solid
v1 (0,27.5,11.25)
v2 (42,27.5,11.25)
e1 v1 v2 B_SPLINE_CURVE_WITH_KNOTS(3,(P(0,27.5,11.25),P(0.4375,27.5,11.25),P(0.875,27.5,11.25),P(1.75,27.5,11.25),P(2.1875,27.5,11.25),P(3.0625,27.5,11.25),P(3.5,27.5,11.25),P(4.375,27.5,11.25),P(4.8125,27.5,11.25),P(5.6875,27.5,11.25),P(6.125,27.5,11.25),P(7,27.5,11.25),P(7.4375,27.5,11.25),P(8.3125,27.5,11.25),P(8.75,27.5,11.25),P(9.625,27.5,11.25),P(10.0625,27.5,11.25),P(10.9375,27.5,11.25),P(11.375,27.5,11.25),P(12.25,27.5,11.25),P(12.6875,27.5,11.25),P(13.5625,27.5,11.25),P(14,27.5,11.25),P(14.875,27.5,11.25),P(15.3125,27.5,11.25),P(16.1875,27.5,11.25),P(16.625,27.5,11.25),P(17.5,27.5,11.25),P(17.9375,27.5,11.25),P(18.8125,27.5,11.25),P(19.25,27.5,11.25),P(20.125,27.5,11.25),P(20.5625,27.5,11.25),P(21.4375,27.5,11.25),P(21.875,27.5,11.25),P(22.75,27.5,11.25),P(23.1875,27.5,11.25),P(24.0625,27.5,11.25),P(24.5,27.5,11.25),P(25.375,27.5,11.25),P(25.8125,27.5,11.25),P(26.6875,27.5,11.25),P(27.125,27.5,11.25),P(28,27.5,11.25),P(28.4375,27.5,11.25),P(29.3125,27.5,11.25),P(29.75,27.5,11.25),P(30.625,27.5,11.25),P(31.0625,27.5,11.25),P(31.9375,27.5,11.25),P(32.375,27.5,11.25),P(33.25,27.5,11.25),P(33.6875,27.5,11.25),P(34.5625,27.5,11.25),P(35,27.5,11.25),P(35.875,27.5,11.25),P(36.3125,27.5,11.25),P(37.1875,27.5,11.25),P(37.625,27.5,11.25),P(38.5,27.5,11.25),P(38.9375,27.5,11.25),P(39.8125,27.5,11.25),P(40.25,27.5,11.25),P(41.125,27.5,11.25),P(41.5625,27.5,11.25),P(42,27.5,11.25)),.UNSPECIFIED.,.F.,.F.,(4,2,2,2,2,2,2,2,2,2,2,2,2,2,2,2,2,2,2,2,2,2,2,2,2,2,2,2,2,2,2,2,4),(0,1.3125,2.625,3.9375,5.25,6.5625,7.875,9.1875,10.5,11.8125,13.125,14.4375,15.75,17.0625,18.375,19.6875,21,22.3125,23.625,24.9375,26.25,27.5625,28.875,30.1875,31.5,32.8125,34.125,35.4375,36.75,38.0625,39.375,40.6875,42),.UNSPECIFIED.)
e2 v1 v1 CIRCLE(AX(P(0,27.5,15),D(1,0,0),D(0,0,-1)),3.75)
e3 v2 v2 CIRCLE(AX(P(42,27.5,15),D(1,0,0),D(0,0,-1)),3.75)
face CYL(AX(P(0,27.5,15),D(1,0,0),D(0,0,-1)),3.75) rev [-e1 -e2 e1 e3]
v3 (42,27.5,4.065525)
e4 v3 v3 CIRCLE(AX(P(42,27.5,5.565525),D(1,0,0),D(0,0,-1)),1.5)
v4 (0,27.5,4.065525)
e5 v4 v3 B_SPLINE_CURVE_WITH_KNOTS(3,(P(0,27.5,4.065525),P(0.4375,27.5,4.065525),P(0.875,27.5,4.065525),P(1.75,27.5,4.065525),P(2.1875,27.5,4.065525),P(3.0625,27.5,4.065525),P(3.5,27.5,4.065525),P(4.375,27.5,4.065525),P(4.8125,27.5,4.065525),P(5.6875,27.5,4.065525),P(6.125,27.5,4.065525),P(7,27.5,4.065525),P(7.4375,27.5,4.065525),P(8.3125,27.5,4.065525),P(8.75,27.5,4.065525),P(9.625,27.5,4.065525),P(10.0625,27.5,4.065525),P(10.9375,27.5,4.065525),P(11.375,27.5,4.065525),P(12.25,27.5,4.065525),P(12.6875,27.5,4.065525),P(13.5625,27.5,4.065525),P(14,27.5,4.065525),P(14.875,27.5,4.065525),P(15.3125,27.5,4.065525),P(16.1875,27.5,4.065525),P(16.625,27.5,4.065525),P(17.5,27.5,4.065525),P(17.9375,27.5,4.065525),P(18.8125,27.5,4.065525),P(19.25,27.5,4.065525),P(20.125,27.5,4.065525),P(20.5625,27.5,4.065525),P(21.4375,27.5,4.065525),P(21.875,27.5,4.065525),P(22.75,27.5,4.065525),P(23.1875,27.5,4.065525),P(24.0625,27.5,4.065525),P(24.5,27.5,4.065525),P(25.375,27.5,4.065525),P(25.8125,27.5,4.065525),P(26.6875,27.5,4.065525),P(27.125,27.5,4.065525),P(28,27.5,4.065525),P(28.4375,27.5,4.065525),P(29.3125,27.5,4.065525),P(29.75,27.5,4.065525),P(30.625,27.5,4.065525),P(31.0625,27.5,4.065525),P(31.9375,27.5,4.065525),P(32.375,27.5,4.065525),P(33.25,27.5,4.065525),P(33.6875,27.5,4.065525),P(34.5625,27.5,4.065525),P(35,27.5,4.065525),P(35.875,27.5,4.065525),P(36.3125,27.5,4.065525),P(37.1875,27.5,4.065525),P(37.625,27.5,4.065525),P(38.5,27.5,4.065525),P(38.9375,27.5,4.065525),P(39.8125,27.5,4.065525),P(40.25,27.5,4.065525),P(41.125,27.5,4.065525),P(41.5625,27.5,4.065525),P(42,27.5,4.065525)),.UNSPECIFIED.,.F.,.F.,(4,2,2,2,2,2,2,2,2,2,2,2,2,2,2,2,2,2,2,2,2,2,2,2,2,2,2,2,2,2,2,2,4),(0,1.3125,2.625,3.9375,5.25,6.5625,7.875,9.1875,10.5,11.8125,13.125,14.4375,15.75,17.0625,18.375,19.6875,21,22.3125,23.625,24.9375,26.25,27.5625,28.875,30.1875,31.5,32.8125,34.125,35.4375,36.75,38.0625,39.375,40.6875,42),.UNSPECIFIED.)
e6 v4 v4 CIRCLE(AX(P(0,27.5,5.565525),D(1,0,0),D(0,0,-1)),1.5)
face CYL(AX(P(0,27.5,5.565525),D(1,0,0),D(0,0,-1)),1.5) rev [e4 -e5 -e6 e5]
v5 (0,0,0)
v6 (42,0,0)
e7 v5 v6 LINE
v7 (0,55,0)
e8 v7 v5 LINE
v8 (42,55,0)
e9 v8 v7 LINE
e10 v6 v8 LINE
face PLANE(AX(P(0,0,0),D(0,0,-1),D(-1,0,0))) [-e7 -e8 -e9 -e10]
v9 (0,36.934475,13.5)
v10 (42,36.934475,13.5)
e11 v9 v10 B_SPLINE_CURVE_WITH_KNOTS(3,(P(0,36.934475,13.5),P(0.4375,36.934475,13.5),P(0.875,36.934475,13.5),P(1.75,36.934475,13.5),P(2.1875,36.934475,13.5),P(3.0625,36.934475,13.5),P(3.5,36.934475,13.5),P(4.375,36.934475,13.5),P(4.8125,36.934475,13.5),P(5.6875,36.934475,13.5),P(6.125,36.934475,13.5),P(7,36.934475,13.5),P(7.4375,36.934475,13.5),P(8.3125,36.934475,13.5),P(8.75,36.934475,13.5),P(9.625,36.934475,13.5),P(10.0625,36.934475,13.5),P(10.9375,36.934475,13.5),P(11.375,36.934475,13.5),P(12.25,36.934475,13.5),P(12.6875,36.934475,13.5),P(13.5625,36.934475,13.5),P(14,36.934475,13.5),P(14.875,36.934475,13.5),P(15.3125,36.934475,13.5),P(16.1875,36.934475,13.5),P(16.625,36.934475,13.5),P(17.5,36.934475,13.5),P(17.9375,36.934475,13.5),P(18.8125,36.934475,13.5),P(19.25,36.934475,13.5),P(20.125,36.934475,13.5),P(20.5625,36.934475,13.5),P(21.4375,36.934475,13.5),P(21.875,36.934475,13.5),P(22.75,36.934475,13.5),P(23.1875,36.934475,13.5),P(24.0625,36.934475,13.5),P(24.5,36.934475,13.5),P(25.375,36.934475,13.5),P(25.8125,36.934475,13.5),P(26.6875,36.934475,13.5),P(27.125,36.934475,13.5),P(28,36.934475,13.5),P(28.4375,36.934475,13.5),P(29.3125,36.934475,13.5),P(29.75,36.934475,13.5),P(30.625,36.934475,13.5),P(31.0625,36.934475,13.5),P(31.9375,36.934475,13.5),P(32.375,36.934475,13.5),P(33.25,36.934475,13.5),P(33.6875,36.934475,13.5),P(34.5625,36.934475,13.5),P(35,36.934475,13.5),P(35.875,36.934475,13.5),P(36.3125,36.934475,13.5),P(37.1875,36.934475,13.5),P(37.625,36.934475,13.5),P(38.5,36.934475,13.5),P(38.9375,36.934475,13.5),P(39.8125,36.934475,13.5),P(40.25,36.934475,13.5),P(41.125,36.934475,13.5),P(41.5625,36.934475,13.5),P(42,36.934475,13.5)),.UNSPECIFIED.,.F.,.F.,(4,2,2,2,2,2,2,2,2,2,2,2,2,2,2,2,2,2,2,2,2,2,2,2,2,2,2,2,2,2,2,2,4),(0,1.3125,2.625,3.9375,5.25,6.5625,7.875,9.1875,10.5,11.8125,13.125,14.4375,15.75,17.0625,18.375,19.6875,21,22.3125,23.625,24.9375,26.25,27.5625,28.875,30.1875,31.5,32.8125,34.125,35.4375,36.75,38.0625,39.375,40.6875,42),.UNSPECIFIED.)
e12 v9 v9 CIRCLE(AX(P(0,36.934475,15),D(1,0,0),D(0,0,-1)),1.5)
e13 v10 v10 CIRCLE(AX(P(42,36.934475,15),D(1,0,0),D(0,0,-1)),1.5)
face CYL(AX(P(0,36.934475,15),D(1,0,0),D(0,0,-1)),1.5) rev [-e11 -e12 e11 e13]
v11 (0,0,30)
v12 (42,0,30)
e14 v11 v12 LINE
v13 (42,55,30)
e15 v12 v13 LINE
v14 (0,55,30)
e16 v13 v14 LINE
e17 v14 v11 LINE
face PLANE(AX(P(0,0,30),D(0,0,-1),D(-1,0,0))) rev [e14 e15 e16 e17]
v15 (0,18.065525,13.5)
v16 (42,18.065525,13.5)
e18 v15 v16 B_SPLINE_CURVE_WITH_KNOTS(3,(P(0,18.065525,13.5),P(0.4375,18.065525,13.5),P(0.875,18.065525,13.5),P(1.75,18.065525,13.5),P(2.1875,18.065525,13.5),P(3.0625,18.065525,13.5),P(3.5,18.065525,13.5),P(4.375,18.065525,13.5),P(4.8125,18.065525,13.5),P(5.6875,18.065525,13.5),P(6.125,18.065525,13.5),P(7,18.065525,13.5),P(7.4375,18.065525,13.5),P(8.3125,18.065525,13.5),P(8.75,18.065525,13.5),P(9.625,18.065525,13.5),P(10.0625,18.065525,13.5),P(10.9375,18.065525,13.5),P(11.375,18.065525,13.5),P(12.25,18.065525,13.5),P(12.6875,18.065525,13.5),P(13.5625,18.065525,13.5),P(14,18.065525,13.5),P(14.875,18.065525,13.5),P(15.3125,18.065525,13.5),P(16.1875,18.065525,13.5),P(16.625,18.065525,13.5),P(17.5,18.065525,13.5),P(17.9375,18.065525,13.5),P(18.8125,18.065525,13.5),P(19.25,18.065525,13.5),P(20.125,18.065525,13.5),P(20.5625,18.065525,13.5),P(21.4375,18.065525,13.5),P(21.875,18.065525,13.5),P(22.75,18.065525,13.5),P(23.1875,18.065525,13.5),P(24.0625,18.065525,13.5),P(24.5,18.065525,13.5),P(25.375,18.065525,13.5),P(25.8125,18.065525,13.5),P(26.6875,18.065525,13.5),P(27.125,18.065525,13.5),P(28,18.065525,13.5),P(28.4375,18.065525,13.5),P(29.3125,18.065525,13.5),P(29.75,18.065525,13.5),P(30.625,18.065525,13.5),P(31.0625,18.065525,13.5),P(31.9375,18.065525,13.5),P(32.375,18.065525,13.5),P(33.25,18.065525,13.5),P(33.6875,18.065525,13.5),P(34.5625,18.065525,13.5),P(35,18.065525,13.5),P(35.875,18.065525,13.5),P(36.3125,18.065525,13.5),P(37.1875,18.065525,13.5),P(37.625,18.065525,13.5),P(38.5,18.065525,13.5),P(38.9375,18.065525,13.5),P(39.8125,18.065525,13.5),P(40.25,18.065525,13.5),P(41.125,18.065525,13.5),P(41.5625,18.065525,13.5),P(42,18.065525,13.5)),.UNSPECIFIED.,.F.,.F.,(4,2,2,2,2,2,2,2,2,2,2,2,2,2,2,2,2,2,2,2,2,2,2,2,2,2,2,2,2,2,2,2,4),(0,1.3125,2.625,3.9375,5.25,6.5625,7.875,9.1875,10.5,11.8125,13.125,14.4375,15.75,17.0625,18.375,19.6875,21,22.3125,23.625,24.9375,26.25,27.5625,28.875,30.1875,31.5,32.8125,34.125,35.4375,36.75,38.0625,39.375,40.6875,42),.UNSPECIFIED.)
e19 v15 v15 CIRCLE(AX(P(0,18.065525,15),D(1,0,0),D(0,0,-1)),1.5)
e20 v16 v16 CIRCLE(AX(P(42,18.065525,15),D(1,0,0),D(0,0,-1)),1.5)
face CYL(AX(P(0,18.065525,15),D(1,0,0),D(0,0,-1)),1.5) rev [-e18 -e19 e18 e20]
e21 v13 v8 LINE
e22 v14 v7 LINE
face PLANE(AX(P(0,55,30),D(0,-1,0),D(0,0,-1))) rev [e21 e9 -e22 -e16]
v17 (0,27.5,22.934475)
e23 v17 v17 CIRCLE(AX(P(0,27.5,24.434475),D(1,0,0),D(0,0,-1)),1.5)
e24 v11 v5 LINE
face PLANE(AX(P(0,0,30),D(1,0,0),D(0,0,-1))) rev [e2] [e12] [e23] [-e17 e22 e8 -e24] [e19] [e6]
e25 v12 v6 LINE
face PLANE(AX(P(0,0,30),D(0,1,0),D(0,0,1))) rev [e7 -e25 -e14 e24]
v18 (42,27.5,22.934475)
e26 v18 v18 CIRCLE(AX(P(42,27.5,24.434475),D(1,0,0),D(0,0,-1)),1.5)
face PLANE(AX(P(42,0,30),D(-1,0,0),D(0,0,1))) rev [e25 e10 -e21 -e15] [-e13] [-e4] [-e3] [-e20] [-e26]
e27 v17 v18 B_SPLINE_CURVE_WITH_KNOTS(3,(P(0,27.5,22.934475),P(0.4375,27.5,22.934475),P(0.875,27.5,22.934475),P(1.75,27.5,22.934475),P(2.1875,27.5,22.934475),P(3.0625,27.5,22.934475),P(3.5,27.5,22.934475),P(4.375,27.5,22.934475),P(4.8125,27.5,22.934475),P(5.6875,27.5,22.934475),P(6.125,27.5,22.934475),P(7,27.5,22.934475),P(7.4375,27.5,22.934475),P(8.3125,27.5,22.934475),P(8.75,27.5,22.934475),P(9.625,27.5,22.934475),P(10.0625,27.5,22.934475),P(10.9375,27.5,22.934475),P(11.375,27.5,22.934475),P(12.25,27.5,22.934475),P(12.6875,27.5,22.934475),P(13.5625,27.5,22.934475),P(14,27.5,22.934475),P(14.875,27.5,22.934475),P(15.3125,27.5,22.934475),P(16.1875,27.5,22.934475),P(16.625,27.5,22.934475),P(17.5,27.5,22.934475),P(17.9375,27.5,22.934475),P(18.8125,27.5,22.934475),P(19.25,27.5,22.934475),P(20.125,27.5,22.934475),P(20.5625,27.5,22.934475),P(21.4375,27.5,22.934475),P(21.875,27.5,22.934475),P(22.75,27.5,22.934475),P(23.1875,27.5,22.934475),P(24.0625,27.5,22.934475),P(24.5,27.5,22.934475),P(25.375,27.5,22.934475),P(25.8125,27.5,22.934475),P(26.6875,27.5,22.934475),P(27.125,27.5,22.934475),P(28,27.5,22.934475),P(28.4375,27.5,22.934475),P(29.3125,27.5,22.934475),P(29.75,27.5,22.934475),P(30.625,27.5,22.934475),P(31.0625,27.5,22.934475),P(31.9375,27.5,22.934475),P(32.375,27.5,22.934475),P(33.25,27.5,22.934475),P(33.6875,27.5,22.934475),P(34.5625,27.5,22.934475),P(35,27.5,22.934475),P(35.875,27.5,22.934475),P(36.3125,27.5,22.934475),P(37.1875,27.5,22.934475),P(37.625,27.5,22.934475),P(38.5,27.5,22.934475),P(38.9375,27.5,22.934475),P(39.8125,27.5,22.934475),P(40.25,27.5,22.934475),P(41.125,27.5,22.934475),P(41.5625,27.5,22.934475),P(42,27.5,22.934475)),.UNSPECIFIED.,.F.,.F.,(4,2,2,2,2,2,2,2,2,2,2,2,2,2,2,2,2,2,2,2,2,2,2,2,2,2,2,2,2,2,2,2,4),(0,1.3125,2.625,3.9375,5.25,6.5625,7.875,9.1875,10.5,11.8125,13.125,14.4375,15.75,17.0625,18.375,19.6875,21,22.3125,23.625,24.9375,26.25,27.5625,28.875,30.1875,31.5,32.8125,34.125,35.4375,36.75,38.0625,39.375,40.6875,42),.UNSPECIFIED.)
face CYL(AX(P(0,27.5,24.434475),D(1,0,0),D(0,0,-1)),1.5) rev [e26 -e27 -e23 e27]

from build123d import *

# Parameters (mm, degrees)
SKETCH_1_W          = 42
SKETCH_1_H          = 55
EXTRUDE_1_DEPTH     = 30
SKETCH_2_R          = 3.75
SKETCH_2_R_2        = 1.5
CUT_EXTRUDE_1_DEPTH = 76.425459893


with BuildPart() as part:
    # Эскиз1 → Бобышка-Вытянуть1 (new body)
    with BuildSketch(Plane.XY):
        with Locations((21, 27.5)):
            Rectangle(SKETCH_1_W, SKETCH_1_H)
    extrude(amount=EXTRUDE_1_DEPTH)

    # Эскиз2 → Вырез-Вытянуть1 (cut, through all)
    with BuildSketch(Plane(origin=(42, 0, 0), x_dir=(0, 0, -1), z_dir=(1, 0, 0))):
        with Locations((-15, 27.5)):
            Circle(SKETCH_2_R)
        with Locations((-15, 36.934474839)):
            Circle(SKETCH_2_R_2)
        with Locations((-5.565525161, 27.5)):
            Circle(SKETCH_2_R_2)
        with Locations((-15, 18.065525161)):
            Circle(SKETCH_2_R_2)
        with Locations((-24.434474839, 27.5)):
            Circle(SKETCH_2_R_2)
    extrude(amount=-CUT_EXTRUDE_1_DEPTH, mode=Mode.SUBTRACT)


solid = part.part
